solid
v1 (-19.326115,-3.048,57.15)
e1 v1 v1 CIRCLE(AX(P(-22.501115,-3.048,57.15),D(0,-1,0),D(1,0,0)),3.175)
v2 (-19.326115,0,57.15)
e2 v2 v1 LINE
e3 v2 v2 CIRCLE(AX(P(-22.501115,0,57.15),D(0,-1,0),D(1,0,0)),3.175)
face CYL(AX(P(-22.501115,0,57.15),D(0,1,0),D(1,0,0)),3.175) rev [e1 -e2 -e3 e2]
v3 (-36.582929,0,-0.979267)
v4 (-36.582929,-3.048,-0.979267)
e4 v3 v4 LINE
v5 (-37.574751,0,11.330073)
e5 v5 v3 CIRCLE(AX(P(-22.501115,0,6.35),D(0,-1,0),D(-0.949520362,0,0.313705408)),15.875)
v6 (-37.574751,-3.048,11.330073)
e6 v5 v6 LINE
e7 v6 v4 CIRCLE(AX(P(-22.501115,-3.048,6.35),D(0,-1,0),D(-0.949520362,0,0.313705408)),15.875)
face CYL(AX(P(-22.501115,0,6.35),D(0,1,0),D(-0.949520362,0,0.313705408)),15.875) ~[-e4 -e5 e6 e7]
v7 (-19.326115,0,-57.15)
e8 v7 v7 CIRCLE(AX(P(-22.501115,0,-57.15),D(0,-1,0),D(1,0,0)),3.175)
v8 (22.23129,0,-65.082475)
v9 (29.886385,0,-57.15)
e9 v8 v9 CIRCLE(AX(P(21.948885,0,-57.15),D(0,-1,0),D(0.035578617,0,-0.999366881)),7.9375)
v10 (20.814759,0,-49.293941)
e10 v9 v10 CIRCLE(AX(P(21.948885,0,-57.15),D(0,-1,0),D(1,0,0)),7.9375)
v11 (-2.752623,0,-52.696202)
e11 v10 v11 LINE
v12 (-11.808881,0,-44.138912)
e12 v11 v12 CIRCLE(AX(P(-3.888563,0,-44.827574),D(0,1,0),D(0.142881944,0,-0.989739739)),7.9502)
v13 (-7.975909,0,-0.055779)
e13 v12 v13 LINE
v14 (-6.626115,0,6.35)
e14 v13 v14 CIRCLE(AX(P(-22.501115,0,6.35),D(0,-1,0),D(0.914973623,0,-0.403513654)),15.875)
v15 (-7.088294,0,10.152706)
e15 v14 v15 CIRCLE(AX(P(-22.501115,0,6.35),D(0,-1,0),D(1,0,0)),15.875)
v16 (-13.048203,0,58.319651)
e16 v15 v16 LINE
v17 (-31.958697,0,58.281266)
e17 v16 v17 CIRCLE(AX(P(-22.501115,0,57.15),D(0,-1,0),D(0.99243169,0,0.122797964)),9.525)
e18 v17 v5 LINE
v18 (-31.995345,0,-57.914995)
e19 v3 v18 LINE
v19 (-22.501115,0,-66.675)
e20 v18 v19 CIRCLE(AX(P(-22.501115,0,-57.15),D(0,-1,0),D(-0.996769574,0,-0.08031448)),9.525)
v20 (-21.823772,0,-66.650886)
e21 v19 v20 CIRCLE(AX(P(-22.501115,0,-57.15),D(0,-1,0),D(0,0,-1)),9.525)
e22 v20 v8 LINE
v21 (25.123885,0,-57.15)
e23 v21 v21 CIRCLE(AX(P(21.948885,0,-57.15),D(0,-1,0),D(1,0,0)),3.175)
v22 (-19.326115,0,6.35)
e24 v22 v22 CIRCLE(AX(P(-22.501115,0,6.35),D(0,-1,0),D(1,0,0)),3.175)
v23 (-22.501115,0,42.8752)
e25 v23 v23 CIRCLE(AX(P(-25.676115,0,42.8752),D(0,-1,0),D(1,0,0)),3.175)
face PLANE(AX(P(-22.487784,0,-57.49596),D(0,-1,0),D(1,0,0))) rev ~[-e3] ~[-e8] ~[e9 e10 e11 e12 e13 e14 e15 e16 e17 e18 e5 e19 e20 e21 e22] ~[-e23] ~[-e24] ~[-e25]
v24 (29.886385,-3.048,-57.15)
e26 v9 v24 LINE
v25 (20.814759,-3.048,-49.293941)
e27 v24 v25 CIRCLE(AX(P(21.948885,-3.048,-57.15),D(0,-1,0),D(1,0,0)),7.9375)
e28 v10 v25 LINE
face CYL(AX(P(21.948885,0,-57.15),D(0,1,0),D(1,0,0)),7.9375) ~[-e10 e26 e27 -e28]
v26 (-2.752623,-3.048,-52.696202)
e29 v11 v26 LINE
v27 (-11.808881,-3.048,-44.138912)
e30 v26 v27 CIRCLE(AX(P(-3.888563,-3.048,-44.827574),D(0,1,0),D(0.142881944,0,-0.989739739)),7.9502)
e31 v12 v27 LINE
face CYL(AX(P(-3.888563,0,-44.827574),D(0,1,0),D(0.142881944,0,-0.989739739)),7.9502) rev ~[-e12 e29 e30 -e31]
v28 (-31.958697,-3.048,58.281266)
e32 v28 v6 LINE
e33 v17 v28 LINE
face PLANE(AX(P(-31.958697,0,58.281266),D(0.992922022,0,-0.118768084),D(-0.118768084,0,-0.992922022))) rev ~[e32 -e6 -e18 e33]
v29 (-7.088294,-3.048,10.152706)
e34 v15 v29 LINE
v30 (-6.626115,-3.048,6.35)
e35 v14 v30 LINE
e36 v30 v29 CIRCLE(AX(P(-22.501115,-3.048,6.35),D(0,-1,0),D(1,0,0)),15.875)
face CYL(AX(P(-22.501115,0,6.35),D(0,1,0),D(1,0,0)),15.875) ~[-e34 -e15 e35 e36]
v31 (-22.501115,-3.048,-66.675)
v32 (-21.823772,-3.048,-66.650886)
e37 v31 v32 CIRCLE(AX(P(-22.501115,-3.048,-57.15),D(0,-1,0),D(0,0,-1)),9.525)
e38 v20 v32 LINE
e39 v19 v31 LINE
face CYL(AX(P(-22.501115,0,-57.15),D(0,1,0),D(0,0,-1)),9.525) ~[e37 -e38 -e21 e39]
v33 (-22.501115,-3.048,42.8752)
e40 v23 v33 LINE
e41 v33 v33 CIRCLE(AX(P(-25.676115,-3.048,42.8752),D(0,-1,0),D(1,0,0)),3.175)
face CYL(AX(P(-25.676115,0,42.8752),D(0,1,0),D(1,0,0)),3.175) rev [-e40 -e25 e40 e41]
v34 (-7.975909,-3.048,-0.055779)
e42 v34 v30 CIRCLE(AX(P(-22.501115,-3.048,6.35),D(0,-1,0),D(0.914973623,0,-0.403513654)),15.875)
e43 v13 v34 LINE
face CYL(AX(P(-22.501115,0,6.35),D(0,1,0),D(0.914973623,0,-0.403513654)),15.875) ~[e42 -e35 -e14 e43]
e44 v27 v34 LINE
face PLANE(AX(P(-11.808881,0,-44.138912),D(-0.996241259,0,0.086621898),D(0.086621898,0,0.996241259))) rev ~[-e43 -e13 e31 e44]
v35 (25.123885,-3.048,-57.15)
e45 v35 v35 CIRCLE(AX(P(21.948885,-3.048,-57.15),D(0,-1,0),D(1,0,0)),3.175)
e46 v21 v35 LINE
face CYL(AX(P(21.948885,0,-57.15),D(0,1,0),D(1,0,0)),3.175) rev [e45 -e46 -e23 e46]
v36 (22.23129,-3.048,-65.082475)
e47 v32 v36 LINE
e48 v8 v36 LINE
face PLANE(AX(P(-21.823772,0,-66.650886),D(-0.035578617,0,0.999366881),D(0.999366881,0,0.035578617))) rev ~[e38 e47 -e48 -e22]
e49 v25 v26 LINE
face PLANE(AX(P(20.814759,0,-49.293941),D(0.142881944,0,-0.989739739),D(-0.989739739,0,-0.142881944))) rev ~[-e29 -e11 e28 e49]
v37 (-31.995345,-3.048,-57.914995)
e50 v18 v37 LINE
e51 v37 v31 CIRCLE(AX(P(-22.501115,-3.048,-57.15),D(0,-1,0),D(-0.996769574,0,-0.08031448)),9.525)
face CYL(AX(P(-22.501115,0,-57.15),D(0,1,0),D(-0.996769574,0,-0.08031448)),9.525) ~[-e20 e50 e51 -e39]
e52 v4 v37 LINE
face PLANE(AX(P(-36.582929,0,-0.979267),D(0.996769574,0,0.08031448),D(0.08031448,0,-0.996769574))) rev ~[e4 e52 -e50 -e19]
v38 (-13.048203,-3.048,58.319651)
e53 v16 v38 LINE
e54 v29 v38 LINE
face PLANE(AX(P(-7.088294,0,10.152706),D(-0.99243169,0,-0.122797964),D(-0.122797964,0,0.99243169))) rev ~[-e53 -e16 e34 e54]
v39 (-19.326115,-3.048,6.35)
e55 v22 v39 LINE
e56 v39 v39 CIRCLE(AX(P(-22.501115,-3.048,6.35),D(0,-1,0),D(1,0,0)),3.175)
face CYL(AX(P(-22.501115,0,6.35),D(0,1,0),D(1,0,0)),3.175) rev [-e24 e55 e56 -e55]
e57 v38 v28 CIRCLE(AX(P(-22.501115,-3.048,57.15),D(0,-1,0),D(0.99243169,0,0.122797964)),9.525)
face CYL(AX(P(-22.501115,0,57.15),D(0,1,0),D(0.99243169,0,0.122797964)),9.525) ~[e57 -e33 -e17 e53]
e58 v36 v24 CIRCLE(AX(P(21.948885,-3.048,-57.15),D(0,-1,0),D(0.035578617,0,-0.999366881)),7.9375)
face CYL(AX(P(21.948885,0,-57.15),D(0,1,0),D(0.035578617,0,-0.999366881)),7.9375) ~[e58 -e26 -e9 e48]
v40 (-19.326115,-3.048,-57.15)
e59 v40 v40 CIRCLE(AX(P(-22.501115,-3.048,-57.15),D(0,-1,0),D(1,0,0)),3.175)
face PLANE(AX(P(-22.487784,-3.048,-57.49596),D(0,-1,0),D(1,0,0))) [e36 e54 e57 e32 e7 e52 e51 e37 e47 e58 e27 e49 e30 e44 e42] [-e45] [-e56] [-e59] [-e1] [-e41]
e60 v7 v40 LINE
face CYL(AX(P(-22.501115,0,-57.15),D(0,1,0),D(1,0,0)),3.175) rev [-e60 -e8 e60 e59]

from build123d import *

# Parameters (mm, degrees)
F0_R     = 3.175
F1_DEPTH = 3.048


with BuildPart() as f1:
    # F0 (on Front) → F1 (new body)
    with BuildSketch(Plane.XZ):
        with BuildLine():
            ThreePointArc((-21.8237715262, -66.650885786), (-15.5305583426, -63.6412990883), (-12.9761150741, -57.15))
            ThreePointArc((-12.9761150741, -57.15), (-22.8839220673, -47.6326955599), (-31.9953452696, -57.9149954217))
            ThreePointArc((-31.9953452696, -57.9149954217), (-28.9601801616, -64.150435929), (-22.5011150741, -66.675))
            Line((-22.5011150741, -66.675), (-21.8237715262, -66.650885786))
        make_face()
        with Locations((-22.5011150741, -57.15)):
            Circle(F0_R, mode=Mode.SUBTRACT)
        with BuildLine():
            ThreePointArc((-31.9953452696, -57.9149954217), (-22.8839220673, -47.6326955599), (-12.9761150741, -57.15))
            ThreePointArc((-12.9761150741, -57.15), (-15.5305583426, -63.6412990883), (-21.8237715262, -66.650885786))
            Line((-21.8237715262, -66.650885786), (22.2312902004, -65.0824746146))
            ThreePointArc((22.2312902004, -65.0824746146), (14.0431397612, -57.8592951722), (20.8147594927, -49.2939408256))
            Line((20.8147594927, -49.2939408256), (-2.7526233113, -52.6962023968))
            ThreePointArc((-2.7526233113, -52.6962023968), (-9.3487600305, -50.6061488018), (-11.8088806048, -44.1389121115))
            Line((-11.8088806048, -44.1389121115), (-7.9759088044, -0.0557792518))
            ThreePointArc((-7.9759088044, -0.0557792518), (-21.9889074062, -9.5167346453), (-36.5829285374, -0.9792669883))
            Line((-36.5829285374, -0.9792669883), (-31.9953452696, -57.9149954217))
        make_face()
        with BuildLine():
            ThreePointArc((-22.5011150741, -66.675), (-22.1622287447, -66.6689695375), (-21.8237715262, -66.650885786))
            Line((-21.8237715262, -66.650885786), (-22.5011150741, -66.675))
        make_face()
        with BuildLine():
            Line((-37.5747508137, 11.3300733518), (-36.5829285374, -0.9792669883))
            ThreePointArc((-36.5829285374, -0.9792669883), (-21.9889074062, -9.5167346453), (-7.9759088044, -0.0557792518))
            Line((-7.9759088044, -0.0557792518), (-7.0882940999, 10.1527062227))
            ThreePointArc((-7.0882940999, 10.1527062227), (-21.8884895808, 22.2131748085), (-37.5747508137, 11.3300733518))
        make_face()
        with Locations((-22.5011150741, 6.35)):
            Circle(F0_R, mode=Mode.SUBTRACT)
        with BuildLine():
            ThreePointArc((-37.5747508137, 11.3300733518), (-38.3248320666, 5.0750076304), (-36.5829285374, -0.9792669883))
            Line((-36.5829285374, -0.9792669883), (-37.5747508137, 11.3300733518))
        make_face()
        with BuildLine():
            ThreePointArc((20.8147594927, -49.2939408256), (14.0431397612, -57.8592951722), (22.2312902004, -65.0824746146))
            ThreePointArc((22.2312902004, -65.0824746146), (27.6605177098, -62.6619104847), (29.8863849259, -57.15))
            ThreePointArc((29.8863849259, -57.15), (27.1451232588, -51.1497488854), (20.8147594927, -49.2939408256))
        make_face()
        with Locations((21.9488849259, -57.15)):
            Circle(F0_R, mode=Mode.SUBTRACT)
        with BuildLine():
            Line((-31.9586973362, 58.2812659969), (-37.5747508137, 11.3300733518))
            ThreePointArc((-37.5747508137, 11.3300733518), (-21.8884895808, 22.2131748085), (-7.0882940999, 10.1527062227))
            Line((-7.0882940999, 10.1527062227), (-13.048203223, 58.3196506039))
            ThreePointArc((-13.048203223, 58.3196506039), (-12.9941541932, 57.7359349871), (-12.9761150741, 57.15))
            ThreePointArc((-12.9761150741, 57.15), (-23.0677516215, 47.6418693728), (-31.9586973362, 58.2812659969))
        make_face()
        with Locations((-25.6761150741, 42.8752)):
            Circle(F0_R, mode=Mode.SUBTRACT)
        with BuildLine():
            Line((-7.0882940999, 10.1527062227), (-7.9759088044, -0.0557792518))
            ThreePointArc((-7.9759088044, -0.0557792518), (-6.9672283337, 3.076777164), (-6.6261150741, 6.35))
            ThreePointArc((-6.6261150741, 6.35), (-6.7420834102, 8.265344882), (-7.0882940999, 10.1527062227))
        make_face()
        with BuildLine():
            ThreePointArc((-13.048203223, 58.3196506039), (-22.5204489226, 66.6749803781), (-31.9586973362, 58.2812659969))
            ThreePointArc((-31.9586973362, 58.2812659969), (-23.0677516215, 47.6418693728), (-12.9761150741, 57.15))
            ThreePointArc((-12.9761150741, 57.15), (-12.9941541932, 57.7359349871), (-13.048203223, 58.3196506039))
        make_face()
        with Locations((-22.5011150741, 57.15)):
            Circle(F0_R, mode=Mode.SUBTRACT)
    extrude(amount=F1_DEPTH)


solid = f1.part
